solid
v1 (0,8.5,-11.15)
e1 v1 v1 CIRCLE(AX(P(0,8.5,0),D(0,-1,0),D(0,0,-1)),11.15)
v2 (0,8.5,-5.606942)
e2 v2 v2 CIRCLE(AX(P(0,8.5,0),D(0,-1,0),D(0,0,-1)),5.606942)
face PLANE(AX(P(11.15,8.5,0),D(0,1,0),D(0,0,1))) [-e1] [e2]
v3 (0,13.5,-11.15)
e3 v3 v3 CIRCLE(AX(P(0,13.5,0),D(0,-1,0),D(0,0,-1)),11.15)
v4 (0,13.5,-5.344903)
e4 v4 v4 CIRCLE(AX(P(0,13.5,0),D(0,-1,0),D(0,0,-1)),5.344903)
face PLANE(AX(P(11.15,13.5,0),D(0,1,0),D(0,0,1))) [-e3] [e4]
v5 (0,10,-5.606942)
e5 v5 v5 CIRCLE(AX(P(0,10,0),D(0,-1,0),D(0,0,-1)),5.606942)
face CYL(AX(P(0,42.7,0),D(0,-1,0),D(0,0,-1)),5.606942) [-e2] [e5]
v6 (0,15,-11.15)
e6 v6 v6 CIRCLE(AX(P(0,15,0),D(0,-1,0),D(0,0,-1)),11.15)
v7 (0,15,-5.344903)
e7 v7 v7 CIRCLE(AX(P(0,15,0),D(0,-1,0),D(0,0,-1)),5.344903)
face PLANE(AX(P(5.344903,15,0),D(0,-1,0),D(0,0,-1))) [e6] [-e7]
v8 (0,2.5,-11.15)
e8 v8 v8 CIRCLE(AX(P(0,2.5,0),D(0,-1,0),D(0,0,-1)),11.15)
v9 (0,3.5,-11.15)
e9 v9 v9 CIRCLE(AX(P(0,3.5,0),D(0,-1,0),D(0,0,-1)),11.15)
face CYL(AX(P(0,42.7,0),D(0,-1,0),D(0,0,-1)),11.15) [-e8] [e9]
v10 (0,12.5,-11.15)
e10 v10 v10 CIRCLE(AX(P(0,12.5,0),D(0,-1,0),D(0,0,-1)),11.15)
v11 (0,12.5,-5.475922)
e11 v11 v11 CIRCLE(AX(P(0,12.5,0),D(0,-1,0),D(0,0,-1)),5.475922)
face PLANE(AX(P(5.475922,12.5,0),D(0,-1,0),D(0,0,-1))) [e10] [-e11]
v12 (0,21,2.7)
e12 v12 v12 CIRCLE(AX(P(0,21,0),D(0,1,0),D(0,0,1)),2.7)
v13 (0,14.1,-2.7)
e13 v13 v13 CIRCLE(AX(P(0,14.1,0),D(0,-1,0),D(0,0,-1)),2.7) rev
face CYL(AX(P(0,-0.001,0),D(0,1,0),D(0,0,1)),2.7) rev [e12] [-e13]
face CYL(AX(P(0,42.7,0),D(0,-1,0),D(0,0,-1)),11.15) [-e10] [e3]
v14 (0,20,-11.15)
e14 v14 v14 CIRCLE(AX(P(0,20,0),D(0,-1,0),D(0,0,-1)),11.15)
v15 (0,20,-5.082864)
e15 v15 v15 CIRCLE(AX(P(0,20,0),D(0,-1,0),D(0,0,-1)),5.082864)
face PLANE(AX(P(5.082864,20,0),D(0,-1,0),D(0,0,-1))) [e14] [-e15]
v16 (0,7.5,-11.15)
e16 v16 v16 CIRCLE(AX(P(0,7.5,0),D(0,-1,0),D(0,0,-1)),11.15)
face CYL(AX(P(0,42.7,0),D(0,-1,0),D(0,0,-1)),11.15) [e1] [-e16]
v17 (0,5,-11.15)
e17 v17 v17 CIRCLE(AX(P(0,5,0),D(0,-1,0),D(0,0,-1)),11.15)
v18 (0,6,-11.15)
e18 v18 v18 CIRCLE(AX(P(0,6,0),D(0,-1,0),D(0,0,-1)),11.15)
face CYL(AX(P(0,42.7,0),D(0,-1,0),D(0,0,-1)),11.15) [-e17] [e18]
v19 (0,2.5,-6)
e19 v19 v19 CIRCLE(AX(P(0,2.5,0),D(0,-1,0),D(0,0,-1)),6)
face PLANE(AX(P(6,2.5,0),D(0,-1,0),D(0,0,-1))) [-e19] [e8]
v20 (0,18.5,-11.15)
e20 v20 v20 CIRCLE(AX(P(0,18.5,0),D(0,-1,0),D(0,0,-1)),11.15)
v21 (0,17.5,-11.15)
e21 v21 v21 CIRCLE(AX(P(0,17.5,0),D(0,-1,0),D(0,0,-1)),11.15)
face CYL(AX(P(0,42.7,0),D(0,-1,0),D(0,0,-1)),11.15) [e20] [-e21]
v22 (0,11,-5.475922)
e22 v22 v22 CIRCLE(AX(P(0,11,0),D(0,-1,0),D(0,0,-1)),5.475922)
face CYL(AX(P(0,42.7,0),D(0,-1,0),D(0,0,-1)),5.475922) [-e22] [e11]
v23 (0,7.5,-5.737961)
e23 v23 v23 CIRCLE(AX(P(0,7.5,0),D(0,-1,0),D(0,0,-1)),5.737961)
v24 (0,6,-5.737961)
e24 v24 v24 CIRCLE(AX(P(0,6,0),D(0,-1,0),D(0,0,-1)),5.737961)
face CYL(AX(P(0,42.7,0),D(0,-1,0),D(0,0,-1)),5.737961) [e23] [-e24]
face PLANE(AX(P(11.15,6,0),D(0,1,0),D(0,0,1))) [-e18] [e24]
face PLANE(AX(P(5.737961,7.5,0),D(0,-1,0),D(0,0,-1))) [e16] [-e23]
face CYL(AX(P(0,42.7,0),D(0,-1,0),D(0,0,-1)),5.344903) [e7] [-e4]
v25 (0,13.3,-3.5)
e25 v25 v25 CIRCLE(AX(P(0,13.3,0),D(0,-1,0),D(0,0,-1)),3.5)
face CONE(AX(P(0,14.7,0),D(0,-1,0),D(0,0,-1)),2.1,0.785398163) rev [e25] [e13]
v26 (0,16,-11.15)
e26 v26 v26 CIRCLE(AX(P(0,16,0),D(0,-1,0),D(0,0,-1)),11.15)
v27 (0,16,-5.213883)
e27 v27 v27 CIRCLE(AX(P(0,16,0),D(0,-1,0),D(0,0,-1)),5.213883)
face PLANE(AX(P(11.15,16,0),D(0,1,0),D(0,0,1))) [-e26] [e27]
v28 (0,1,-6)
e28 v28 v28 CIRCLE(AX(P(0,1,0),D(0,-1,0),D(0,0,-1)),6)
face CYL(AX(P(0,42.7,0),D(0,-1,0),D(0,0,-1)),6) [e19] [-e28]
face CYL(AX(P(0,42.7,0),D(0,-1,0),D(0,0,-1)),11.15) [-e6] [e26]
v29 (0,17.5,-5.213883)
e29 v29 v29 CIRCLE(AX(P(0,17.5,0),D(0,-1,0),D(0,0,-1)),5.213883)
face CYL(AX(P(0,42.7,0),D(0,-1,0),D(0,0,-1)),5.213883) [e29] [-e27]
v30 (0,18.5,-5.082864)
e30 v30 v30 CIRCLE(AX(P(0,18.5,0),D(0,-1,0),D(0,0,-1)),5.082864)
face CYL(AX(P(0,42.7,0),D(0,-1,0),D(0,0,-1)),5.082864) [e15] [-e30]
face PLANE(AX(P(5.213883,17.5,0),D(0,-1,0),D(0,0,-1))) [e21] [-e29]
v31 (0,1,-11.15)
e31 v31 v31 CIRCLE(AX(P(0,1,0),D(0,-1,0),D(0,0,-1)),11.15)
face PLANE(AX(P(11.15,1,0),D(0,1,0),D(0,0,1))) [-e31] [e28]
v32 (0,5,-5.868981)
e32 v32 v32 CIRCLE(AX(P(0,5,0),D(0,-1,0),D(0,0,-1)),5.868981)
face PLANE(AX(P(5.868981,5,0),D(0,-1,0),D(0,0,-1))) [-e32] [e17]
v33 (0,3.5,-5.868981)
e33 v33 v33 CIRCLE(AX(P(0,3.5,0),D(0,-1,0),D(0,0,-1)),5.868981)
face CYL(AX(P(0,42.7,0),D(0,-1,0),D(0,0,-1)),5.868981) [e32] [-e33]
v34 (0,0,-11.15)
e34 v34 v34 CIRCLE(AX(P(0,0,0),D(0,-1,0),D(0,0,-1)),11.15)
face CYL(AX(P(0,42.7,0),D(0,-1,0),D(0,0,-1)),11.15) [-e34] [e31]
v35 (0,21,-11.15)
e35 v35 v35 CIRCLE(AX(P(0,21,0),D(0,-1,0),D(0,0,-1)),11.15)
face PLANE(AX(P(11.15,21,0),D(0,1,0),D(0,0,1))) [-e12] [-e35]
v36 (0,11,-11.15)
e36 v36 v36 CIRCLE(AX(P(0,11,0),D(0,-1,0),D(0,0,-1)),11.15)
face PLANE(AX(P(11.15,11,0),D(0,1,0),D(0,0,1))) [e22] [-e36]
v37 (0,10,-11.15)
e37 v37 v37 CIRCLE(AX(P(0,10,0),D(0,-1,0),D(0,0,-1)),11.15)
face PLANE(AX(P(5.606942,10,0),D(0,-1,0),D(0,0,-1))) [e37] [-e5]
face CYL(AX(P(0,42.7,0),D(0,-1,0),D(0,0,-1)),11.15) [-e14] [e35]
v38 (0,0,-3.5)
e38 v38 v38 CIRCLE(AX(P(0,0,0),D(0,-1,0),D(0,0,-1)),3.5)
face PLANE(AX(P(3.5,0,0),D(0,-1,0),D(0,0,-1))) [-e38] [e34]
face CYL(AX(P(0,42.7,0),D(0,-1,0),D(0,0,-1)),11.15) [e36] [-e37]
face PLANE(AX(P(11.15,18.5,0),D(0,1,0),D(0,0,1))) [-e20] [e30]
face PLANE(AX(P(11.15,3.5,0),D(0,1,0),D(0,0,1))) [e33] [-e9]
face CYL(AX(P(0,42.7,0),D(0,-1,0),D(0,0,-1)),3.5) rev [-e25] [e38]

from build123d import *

# Parameters (mm, degrees)
CUT_EXTRUDE_1_REACH = 28.824
SKETCH_1_R          = 11.30959092
CUT_EXTRUDE_2_REACH = 28.261
SKETCH_2_R          = 2.7


with BuildPart() as part:
    # Sketch1 → Revolve1 (revolve)
    with BuildSketch(Plane.XY, mode=Mode.PRIVATE) as revolve1_sk:
        Polygon((11.15, 18.5), (5.082863863, 18.5), (5.082863863, 20), (11.15, 20), (11.15, 21), (4.951844414, 21), (4.951844414, 22.5), (11.15, 22.5), (11.15, 23.5), (4.820824966, 23.5), (4.820824966, 25), (11.15, 25), (11.15, 26), (4.689805518, 26), (4.689805518, 27.5), (8, 27.5), (8, 28.5), (4.689805518, 28.5), (4.689805518, 30), (8, 30), (8, 33), (6, 33), (6, 39), (8, 39), (8, 42.7), (4, 42.7), (4, 36.6), (2.1, 34.7), (2.1, 14.7), (3.5, 13.3), (3.5, 0), (11.15, 0), (11.15, 1), (6, 1), (6, 2.5), (11.15, 2.5), (11.15, 3.5), (5.868980552, 3.5), (5.868980552, 5), (11.15, 5), (11.15, 6), (5.737961104, 6), (5.737961104, 7.5), (11.15, 7.5), (11.15, 8.5), (5.606941655, 8.5), (5.606941655, 10), (11.15, 10), (11.15, 11), (5.475922207, 11), (5.475922207, 12.5), (11.15, 12.5), (11.15, 13.5), (5.344902759, 13.5), (5.344902759, 15), (11.15, 15), (11.15, 16), (5.213883311, 16), (5.213883311, 17.5), (11.15, 17.5), align=None)
    revolve(revolve1_sk.sketch.rotate(Axis((0, 42.7, 0), (0, -1, 0)), 270), axis=Axis((0, 42.7, 0), (0, -1, 0)))

    # Эскиз1 → Вырез-Вытянуть1 (cut, up to next)
    with BuildSketch(Plane(origin=(0, 21, 0), x_dir=(1, 0, 0), z_dir=(0, 1, 0)), mode=Mode.PRIVATE) as cut_extrude_1_sk1:
        Circle(SKETCH_1_R)
    cut_extrude_1_tool1 = extrude(cut_extrude_1_sk1.sketch, amount=CUT_EXTRUDE_1_REACH, mode=Mode.PRIVATE) & part.part
    add(cut_extrude_1_tool1.solids().sort_by_distance((0, 21, 0))[0], mode=Mode.SUBTRACT)

    # Вырез-Вытянуть2: up to this cone (the profile starts outside it)
    cut_extrude_2_end = Plane(origin=(0, 21, 0), z_dir=(0, -1, 0)).offset(4.200001) * Cone(1e-06, 24.561, 24.560999, align=(Align.CENTER, Align.CENTER, Align.MIN), mode=Mode.PRIVATE)
    # Эскиз2 → Вырез-Вытянуть2 (cut, up to the surface)
    with BuildSketch(Plane(origin=(0, 21, 0), x_dir=(1, 0, 0), z_dir=(0, 1, 0)), mode=Mode.PRIVATE) as cut_extrude_2_sk1:
        with Locations(Location((0, 0, 0), (0, 0, 270))):
            Circle(SKETCH_2_R)
    cut_extrude_2_tool1 = extrude(cut_extrude_2_sk1.sketch, amount=-CUT_EXTRUDE_2_REACH, mode=Mode.PRIVATE) - cut_extrude_2_end
    add(cut_extrude_2_tool1.solids().sort_by_distance((0, 21, 0))[0], mode=Mode.SUBTRACT)


solid = part.part
